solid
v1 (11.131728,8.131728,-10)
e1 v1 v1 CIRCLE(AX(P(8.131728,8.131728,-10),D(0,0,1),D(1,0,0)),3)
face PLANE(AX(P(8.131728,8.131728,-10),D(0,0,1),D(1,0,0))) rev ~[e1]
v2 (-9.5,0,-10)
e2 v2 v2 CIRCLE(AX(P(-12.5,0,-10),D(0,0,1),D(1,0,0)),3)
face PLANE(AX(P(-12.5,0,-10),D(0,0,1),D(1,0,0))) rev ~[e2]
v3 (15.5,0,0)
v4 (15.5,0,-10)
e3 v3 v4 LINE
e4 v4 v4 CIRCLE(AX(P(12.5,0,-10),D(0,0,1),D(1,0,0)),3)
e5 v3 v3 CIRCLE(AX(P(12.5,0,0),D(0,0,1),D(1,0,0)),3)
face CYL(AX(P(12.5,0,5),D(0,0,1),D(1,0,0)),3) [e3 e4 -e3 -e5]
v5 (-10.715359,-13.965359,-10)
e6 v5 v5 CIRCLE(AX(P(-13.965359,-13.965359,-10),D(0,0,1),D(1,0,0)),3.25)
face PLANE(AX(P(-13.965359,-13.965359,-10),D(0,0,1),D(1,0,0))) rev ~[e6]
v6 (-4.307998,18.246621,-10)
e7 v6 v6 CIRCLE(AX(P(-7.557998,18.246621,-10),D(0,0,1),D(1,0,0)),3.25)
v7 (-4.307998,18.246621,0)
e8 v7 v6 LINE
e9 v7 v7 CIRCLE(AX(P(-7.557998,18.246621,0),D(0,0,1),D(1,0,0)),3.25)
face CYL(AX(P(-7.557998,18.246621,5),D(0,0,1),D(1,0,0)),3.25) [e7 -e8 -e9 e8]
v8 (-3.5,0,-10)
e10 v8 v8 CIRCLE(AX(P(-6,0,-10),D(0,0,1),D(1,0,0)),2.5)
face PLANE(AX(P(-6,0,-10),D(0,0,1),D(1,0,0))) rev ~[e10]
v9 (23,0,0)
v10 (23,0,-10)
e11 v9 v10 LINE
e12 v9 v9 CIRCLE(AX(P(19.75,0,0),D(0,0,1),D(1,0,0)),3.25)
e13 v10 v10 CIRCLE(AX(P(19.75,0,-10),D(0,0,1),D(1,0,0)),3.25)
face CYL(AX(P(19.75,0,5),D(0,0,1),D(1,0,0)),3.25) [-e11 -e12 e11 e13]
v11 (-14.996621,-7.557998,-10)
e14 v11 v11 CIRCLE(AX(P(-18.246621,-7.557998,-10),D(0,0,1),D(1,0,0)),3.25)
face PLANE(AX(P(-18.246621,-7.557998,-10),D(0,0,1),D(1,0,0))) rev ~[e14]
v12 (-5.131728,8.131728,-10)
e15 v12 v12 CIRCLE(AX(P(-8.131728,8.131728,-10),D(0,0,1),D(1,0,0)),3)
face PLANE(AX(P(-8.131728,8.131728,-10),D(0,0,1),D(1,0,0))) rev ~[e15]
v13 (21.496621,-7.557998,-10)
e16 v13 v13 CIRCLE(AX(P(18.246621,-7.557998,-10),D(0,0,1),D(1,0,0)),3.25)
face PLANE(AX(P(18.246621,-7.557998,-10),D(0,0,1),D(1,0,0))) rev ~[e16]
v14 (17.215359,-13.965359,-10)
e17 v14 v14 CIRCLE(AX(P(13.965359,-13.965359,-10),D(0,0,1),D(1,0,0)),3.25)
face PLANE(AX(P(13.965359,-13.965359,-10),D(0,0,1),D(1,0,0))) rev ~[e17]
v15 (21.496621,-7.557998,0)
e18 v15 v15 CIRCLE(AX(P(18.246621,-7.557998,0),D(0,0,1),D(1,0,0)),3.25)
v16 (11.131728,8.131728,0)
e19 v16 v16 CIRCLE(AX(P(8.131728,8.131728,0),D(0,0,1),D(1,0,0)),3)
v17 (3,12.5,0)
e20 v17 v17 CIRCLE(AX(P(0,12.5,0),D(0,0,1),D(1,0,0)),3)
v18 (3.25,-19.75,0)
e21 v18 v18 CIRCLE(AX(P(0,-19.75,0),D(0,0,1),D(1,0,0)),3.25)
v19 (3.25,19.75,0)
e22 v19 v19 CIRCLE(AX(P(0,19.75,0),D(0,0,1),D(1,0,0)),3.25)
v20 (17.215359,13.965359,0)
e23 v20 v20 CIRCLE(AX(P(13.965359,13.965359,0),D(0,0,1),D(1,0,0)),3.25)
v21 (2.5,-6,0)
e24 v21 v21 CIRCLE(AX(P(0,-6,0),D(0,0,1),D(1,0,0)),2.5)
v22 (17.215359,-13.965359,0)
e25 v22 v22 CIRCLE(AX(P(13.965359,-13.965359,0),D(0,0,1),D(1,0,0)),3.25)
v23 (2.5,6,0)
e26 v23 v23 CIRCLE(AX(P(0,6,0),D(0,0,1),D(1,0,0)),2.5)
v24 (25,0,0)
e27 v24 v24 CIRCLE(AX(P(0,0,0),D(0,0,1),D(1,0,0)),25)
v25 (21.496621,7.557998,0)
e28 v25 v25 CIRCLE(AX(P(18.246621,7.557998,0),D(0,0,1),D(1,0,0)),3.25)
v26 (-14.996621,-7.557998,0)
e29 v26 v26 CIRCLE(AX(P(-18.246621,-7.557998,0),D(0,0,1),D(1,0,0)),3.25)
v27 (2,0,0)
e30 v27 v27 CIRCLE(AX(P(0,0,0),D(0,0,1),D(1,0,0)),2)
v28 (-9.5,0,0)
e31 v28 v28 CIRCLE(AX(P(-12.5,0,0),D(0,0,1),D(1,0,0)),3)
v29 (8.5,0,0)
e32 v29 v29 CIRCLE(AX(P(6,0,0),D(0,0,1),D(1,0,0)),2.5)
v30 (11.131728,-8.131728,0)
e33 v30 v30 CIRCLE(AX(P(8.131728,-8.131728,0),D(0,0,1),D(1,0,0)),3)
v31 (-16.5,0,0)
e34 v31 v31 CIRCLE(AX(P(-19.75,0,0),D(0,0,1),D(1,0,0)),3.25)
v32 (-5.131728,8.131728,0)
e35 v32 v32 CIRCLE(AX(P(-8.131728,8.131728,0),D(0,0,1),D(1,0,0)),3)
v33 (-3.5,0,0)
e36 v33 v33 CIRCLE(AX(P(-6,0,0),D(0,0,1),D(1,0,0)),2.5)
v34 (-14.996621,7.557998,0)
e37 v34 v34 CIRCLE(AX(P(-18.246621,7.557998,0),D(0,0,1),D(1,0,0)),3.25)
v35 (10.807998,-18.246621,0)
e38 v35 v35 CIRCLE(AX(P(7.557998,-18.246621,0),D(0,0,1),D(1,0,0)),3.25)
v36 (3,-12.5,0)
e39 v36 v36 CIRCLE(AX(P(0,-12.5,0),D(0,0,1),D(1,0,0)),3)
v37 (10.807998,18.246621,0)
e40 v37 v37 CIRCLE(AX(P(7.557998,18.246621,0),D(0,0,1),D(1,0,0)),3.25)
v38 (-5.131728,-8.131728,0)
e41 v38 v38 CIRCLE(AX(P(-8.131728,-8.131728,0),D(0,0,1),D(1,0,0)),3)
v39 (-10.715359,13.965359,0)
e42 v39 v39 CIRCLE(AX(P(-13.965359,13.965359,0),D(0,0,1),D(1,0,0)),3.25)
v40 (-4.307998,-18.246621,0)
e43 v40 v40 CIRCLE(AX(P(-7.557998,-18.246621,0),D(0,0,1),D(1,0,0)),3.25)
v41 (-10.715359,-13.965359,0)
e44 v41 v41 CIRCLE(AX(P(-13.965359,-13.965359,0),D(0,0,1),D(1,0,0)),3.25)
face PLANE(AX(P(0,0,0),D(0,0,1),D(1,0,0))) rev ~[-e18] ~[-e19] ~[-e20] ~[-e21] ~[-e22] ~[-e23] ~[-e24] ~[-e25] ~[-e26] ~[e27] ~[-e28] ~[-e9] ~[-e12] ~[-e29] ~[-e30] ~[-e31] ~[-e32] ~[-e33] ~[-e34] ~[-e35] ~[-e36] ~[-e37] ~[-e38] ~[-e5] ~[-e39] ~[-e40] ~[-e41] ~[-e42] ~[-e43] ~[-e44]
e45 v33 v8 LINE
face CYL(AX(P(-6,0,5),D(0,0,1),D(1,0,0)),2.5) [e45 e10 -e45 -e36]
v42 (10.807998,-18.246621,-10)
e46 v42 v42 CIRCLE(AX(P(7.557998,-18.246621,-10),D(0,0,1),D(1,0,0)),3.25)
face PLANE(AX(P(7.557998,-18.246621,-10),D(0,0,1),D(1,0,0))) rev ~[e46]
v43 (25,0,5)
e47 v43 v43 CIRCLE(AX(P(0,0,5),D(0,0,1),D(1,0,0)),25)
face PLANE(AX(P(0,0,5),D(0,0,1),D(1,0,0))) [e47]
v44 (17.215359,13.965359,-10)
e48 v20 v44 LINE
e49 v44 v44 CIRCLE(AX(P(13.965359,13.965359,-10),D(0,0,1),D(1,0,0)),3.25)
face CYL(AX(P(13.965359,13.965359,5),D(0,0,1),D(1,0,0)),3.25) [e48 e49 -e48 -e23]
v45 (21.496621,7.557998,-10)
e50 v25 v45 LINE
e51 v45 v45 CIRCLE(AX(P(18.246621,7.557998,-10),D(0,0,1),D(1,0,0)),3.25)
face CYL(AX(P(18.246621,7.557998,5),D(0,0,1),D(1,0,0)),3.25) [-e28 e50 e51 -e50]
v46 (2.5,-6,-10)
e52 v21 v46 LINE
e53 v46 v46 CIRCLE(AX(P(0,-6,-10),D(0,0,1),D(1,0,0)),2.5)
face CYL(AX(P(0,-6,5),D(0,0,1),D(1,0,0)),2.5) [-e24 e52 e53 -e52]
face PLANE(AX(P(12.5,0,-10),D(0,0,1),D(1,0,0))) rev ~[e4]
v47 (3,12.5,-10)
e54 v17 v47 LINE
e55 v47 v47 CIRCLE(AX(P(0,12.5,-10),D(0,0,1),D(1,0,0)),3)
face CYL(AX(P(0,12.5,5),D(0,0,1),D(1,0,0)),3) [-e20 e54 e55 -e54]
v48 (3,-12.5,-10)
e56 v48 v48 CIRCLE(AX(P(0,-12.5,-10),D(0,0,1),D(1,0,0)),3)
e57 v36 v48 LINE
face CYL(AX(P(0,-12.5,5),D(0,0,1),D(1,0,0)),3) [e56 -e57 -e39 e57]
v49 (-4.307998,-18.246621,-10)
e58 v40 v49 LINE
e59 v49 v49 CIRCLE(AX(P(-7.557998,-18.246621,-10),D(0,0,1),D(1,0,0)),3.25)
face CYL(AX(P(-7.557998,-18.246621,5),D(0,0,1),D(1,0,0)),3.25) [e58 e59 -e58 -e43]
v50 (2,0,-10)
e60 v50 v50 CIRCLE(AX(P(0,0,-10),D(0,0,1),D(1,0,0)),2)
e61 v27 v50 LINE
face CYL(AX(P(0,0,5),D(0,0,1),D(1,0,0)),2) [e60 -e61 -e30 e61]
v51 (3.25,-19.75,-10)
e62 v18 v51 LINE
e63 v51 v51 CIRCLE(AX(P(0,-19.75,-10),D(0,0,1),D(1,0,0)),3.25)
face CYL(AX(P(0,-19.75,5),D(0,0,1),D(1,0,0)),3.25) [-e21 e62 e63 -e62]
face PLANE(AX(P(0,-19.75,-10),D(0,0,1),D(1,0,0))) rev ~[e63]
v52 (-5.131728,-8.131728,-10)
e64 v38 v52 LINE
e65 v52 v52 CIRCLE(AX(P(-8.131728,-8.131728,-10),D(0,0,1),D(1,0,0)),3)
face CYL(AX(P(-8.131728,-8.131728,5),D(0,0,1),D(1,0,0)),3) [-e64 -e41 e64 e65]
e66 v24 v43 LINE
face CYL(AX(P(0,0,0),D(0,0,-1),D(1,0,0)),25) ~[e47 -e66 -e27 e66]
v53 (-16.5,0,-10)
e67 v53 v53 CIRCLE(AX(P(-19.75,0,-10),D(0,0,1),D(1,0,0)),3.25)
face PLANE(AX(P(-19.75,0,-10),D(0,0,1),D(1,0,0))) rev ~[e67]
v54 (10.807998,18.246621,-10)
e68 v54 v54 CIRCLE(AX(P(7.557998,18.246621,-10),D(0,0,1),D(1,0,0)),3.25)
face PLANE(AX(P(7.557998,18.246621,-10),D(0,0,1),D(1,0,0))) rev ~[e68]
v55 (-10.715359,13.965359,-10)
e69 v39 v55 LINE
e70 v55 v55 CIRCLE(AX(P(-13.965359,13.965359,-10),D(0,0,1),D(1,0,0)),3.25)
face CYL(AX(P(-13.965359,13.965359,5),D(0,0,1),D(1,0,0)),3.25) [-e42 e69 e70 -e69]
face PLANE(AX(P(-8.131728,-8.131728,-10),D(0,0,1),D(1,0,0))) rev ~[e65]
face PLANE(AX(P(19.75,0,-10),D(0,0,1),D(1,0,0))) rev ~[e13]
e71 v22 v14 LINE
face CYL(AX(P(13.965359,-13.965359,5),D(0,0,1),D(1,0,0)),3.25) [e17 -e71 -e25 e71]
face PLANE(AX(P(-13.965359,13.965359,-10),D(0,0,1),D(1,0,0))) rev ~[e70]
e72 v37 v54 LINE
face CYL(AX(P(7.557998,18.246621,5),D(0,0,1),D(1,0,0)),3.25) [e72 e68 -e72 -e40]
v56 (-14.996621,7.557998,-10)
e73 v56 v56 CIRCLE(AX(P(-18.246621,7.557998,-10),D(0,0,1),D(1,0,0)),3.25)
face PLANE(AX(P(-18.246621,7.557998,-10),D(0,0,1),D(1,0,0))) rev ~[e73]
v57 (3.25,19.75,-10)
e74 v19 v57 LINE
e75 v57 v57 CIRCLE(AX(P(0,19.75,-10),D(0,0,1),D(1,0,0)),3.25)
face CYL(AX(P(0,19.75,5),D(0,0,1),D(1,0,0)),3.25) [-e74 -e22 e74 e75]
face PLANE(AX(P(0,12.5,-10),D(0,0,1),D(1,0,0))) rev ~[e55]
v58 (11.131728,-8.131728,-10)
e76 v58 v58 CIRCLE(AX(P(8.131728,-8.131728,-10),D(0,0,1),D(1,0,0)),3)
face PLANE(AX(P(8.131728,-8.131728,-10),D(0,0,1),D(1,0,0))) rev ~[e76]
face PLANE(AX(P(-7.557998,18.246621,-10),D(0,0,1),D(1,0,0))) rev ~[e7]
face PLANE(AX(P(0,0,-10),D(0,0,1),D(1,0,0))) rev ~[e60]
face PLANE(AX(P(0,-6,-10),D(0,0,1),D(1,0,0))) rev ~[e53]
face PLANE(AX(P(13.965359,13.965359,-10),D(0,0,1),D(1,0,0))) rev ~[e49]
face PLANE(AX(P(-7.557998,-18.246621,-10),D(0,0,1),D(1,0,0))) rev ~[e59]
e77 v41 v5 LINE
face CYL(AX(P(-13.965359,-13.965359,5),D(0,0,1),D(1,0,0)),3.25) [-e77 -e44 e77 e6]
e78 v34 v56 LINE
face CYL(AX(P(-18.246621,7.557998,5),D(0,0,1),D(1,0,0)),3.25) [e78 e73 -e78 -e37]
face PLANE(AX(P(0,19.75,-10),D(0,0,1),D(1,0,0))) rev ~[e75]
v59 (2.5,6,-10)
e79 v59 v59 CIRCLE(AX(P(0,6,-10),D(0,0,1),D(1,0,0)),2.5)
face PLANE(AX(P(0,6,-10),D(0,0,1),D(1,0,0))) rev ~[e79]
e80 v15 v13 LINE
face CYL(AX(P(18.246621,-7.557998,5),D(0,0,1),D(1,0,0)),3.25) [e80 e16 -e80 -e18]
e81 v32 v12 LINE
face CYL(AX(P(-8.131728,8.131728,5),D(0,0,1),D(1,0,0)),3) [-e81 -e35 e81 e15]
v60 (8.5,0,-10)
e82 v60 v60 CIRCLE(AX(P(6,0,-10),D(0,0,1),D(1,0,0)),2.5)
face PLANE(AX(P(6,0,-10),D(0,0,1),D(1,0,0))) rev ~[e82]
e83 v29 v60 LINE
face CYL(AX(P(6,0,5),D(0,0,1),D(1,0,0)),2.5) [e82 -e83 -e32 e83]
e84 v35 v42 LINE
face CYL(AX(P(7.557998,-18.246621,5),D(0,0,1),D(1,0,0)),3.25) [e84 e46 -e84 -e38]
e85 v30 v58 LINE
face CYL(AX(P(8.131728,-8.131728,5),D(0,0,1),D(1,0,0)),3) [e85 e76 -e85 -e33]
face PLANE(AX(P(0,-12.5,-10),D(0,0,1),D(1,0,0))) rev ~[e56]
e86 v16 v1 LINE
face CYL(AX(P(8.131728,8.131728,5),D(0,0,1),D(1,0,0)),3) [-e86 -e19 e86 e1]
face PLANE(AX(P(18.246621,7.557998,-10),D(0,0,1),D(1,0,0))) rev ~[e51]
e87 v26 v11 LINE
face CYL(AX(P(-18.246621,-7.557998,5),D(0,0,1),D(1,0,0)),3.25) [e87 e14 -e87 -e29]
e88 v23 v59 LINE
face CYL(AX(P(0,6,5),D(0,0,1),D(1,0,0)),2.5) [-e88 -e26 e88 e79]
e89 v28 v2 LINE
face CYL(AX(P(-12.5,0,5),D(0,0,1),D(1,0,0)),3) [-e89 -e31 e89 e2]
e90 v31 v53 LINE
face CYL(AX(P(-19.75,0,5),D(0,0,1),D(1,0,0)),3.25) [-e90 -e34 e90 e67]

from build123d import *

# Parameters (mm, degrees)
F0_R     = 25
F0_R_2   = 3.25
F0_R_3   = 3
F0_R_4   = 2.5
F0_R_5   = 2
F1_DEPTH = 5
F2_R     = 3.25
F2_R_2   = 3
F2_R_3   = 2.5
F2_R_4   = 2
F3_DEPTH = 15


with BuildPart() as f1:
    # F0 (on Top) → F1 (new body)
    with BuildSketch(Plane.XY):
        Circle(F0_R)
        with Locations((-13.965359, -13.965359)):
            Circle(F0_R_2, mode=Mode.SUBTRACT)
        with Locations((-7.557998, -18.246621)):
            Circle(F0_R_2, mode=Mode.SUBTRACT)
        with Locations((-18.246621, -7.557998)):
            Circle(F0_R_2, mode=Mode.SUBTRACT)
        with Locations((-8.131728, -8.131728)):
            Circle(F0_R_3, mode=Mode.SUBTRACT)
        with Locations((0, -19.75)):
            Circle(F0_R_2, mode=Mode.SUBTRACT)
        with Locations((7.557998, -18.246621)):
            Circle(F0_R_2, mode=Mode.SUBTRACT)
        with Locations((13.965359, -13.965359)):
            Circle(F0_R_2, mode=Mode.SUBTRACT)
        with Locations((0, -12.5)):
            Circle(F0_R_3, mode=Mode.SUBTRACT)
        with Locations((8.131728, -8.131728)):
            Circle(F0_R_3, mode=Mode.SUBTRACT)
        with Locations((0, -6)):
            Circle(F0_R_4, mode=Mode.SUBTRACT)
        with Locations((18.246621, -7.557998)):
            Circle(F0_R_2, mode=Mode.SUBTRACT)
        with Locations((-19.75, 0)):
            Circle(F0_R_2, mode=Mode.SUBTRACT)
        with Locations((-18.246621, 7.557998)):
            Circle(F0_R_2, mode=Mode.SUBTRACT)
        with Locations((-12.5, 0)):
            Circle(F0_R_3, mode=Mode.SUBTRACT)
        with Locations((-6, 0)):
            Circle(F0_R_4, mode=Mode.SUBTRACT)
        with Locations((-8.131728, 8.131728)):
            Circle(F0_R_3, mode=Mode.SUBTRACT)
        with Locations((-13.965359, 13.965359)):
            Circle(F0_R_2, mode=Mode.SUBTRACT)
        with Locations((-7.557998, 18.246621)):
            Circle(F0_R_2, mode=Mode.SUBTRACT)
        Circle(F0_R_5, mode=Mode.SUBTRACT)
        with Locations((6, 0)):
            Circle(F0_R_4, mode=Mode.SUBTRACT)
        with Locations((0, 6)):
            Circle(F0_R_4, mode=Mode.SUBTRACT)
        with Locations((8.131728, 8.131728)):
            Circle(F0_R_3, mode=Mode.SUBTRACT)
        with Locations((12.5, 0)):
            Circle(F0_R_3, mode=Mode.SUBTRACT)
        with Locations((19.75, 0)):
            Circle(F0_R_2, mode=Mode.SUBTRACT)
        with Locations((18.246621, 7.557998)):
            Circle(F0_R_2, mode=Mode.SUBTRACT)
        with Locations((0, 12.5)):
            Circle(F0_R_3, mode=Mode.SUBTRACT)
        with Locations((7.557998, 18.246621)):
            Circle(F0_R_2, mode=Mode.SUBTRACT)
        with Locations((0, 19.75)):
            Circle(F0_R_2, mode=Mode.SUBTRACT)
        with Locations((13.965359, 13.965359)):
            Circle(F0_R_2, mode=Mode.SUBTRACT)
    extrude(amount=F1_DEPTH)

    # F2 (on face) → F3 (join)
    with BuildSketch(Plane.XY.offset(5)):
        with Locations((-19.75, 0)):
            Circle(F2_R)
        with Locations((7.557998, -18.246621)):
            Circle(F2_R)
        with Locations((0, 12.5)):
            Circle(F2_R_2)
        with Locations((19.75, 0)):
            Circle(F2_R)
        with Locations((0, -12.5)):
            Circle(F2_R_2)
        with Locations((-8.131728, -8.131728)):
            Circle(F2_R_2)
        with Locations((6, 0)):
            Circle(F2_R_3)
        with Locations((-18.246621, -7.557998)):
            Circle(F2_R)
        with Locations((8.131728, -8.131728)):
            Circle(F2_R_2)
        with Locations((0, 6)):
            Circle(F2_R_3)
        with Locations((7.557998, 18.246621)):
            Circle(F2_R)
        with Locations((-6, 0)):
            Circle(F2_R_3)
        with Locations((-7.557998, 18.246621)):
            Circle(F2_R)
        with Locations((13.965359, -13.965359)):
            Circle(F2_R)
        with Locations((18.246621, 7.557998)):
            Circle(F2_R)
        with Locations((-13.965359, 13.965359)):
            Circle(F2_R)
        with Locations((-13.965359, -13.965359)):
            Circle(F2_R)
        with Locations((12.5, 0)):
            Circle(F2_R_2)
        Circle(F2_R_4)
        with Locations((-8.131728, 8.131728)):
            Circle(F2_R_2)
        with Locations((-12.5, 0)):
            Circle(F2_R_2)
        with Locations((13.965359, 13.965359)):
            Circle(F2_R)
        with Locations((18.246621, -7.557998)):
            Circle(F2_R)
        with Locations((-18.246621, 7.557998)):
            Circle(F2_R)
        with Locations((-7.557998, -18.246621)):
            Circle(F2_R)
        with Locations((8.131728, 8.131728)):
            Circle(F2_R_2)
        with Locations((0, 19.75)):
            Circle(F2_R)
        with Locations((0, -19.75)):
            Circle(F2_R)
        with Locations((0, -6)):
            Circle(F2_R_3)
    extrude(amount=-F3_DEPTH)


solid = f1.part
